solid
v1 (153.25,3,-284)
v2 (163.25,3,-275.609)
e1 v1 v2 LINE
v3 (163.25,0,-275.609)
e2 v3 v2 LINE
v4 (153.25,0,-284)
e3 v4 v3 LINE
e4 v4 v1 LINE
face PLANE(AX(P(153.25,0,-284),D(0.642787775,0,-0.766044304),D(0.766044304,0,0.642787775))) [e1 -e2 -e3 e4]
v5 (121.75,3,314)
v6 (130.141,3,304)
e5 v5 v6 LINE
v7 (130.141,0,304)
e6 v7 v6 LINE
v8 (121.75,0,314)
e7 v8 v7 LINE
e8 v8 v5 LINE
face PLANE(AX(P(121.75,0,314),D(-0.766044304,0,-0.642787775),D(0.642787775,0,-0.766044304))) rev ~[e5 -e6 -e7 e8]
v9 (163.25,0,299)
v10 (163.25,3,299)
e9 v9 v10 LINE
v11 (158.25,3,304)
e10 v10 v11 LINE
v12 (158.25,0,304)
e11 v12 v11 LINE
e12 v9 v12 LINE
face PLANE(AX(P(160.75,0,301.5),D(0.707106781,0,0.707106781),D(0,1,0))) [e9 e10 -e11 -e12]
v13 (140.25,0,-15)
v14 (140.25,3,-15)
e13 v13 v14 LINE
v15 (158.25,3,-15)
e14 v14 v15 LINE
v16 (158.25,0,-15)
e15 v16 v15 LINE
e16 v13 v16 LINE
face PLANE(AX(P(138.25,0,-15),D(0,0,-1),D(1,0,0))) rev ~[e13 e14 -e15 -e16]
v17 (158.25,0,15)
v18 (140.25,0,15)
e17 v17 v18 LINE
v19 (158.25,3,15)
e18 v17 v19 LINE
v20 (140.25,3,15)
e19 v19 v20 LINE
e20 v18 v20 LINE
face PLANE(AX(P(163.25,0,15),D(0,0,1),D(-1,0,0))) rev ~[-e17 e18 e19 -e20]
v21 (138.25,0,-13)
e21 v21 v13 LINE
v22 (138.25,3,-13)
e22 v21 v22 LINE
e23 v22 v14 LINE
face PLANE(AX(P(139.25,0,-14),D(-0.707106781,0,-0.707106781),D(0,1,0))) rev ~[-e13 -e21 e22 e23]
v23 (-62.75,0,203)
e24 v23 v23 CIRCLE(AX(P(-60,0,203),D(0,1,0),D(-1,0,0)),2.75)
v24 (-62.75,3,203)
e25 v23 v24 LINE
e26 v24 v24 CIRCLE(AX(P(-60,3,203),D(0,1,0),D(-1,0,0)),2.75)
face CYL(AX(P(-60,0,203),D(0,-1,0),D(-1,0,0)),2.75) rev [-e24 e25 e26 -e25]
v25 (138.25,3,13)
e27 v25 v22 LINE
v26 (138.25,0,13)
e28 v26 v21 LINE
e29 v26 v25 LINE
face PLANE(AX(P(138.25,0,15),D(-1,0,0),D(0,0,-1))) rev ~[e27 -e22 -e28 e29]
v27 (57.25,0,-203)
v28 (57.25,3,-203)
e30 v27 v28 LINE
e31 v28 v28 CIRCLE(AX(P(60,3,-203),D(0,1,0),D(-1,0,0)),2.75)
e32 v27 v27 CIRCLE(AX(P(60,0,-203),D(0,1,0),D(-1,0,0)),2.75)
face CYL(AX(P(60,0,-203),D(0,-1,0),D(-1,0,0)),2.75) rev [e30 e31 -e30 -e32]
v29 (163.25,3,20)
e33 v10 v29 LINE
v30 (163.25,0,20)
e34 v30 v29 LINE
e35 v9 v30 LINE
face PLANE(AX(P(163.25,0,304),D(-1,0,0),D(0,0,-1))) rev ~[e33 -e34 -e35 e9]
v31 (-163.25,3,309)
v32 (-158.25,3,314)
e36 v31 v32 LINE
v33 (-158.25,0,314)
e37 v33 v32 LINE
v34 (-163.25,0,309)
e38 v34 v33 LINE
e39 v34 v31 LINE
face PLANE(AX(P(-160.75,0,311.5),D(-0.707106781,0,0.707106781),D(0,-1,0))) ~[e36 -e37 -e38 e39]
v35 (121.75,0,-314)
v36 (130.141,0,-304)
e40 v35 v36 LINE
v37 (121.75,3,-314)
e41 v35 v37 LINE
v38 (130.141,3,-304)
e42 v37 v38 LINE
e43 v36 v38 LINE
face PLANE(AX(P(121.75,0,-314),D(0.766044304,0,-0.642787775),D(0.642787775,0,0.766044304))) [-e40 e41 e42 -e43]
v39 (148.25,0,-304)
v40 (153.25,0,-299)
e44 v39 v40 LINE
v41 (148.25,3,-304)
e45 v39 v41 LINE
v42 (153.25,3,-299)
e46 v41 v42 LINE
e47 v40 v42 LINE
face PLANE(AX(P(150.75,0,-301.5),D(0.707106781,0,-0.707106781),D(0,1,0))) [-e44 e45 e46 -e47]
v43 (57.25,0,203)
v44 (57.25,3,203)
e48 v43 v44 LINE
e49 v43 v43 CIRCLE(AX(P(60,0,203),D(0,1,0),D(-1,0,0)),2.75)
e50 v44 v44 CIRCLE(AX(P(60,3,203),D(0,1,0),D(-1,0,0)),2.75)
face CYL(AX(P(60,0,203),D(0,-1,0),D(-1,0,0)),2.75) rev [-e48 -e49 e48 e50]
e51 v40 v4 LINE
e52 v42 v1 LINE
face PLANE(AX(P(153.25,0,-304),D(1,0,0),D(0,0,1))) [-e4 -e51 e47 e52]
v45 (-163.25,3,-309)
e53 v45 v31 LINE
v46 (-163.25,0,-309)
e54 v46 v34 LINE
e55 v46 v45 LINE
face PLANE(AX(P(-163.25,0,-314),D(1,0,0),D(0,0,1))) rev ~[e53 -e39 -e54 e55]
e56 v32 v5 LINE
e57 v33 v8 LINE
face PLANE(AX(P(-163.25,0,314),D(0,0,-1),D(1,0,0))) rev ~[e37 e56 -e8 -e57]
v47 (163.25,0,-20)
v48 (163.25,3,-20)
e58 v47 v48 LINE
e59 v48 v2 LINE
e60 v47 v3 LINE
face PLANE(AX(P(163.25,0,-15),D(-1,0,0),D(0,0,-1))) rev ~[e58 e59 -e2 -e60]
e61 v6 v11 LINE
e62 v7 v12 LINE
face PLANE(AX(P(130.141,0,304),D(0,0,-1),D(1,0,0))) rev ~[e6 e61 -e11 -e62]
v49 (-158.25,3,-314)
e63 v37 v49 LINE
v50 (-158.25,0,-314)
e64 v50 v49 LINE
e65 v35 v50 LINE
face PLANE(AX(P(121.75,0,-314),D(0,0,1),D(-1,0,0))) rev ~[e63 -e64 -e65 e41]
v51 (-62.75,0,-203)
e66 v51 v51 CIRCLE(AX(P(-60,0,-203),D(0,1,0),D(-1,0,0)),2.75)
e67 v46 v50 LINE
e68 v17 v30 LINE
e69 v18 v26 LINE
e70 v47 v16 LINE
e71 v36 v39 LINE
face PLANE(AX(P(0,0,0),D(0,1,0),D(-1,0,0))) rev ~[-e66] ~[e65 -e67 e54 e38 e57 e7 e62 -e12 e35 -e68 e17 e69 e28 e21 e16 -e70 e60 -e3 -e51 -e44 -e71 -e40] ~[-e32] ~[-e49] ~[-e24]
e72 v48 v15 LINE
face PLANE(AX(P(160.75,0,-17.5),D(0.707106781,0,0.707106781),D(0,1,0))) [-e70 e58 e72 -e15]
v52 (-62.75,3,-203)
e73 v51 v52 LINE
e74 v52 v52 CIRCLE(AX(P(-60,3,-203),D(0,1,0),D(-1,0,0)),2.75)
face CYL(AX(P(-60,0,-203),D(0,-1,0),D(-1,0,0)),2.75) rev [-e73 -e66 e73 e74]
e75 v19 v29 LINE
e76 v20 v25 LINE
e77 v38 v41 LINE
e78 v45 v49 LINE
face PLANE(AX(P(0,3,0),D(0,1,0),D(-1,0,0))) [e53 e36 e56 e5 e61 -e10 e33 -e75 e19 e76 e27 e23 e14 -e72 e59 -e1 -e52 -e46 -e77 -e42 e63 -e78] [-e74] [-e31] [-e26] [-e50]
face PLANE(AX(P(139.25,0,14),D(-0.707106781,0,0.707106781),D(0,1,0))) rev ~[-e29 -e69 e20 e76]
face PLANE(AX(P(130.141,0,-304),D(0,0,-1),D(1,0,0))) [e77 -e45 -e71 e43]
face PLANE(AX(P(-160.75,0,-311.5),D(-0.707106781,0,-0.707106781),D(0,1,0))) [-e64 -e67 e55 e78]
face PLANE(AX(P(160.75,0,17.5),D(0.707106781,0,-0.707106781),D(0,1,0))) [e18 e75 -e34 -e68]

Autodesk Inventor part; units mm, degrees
ref_plane "YZ Plane" through (0, 0, 0) normal (1, 0, 0) x (0, 1, 0)
ref_plane "XZ Plane" through (0, 0, 0) normal (0, 1, 0) x (-1, 0, 0)
ref_plane "XY Plane" through (0, 0, 0) normal (0, 0, 1) x (1, 0, 0)
sketch "Skizze1" plane through (0, 0, 0) normal (0, 1, 0) x (-1, 0, 0)
  line L0 (163.25, 314) -> (-163.25, 314)
  line L1 (-163.25, 314) -> (-163.25, -314)
  line L2 (-163.25, -314) -> (163.25, -314)
  line L3 (163.25, -314) -> (163.25, 314)
  line L4 (163.25, 314) -> (-163.25, -314) construction
  line L5 (-163.25, 314) -> (163.25, -314) construction
  line L6 (-228.55, 0) -> (228.55, 0) construction
  line L7 (0, -439.6) -> (0, 439.6) construction
  circle A0 centre (60, -203) radius 2.75
  circle A1 centre (-60, -203) radius 2.75
  circle A2 centre (60, 203) radius 2.75
  circle A3 centre (-60, 203) radius 2.75
  line L8 (-121.75, -314) -> (-130.141, -304)
  line L9 (-130.141, -304) -> (-163.25, -304)
  line L10 (-121.75, 314) -> (-130.141, 304)
  line L11 (-130.141, 304) -> (-163.25, 304)
  line L12 (-163.25, -314) -> (-153.25, -314)
  line L13 (-153.25, -314) -> (-153.25, -284)
  line L14 (-153.25, -284) -> (-163.25, -284)
  line L15 (-163.25, -284) -> (-163.25, -314)
  line L16 (-153.25, -284) -> (-163.25, -275.609)
  line L17 (-163.25, 15) -> (-138.25, 15)
  line L18 (-138.25, 15) -> (-138.25, -15)
  line L19 (-138.25, -15) -> (-163.25, -15)
  line L20 (-163.25, -15) -> (-163.25, 15)
  point P0 (0, 0)
  point P1 (-163.25, 304)
  point P2 (-153.25, -304)
  point P3 (-138.25, 0)
  dimension "d0" = 628
  dimension "d1" = 326.5
  dimension "d2" = 5.5
  dimension "d3" = 60
  dimension "d4" = 111
  dimension "d10" = 41.5
  dimension "d11" = 10
  dimension "d12" = 50
  dimension "d13" = 10
  dimension "d14" = 30
  dimension "d15" = 50
  dimension "d16" = 25
  dimension "d17" = 30
extrude "Extrusion1" add sketch "Skizze1" along normal blind 3 contours L3 L2 L8 L9 L13 L16 L1 L19 L18 L17 L11 L10 L0
chamfer "Fase-5mm" distance 5 angle 45 6 edges at (-163.25, 1.5, 314) (-163.25, 1.5, -314) (153.25, 1.5, -304) (163.25, 1.5, -15) (163.25, 1.5, 15) (163.25, 1.5, 304)
chamfer "Fase-2mm" distance 2 angle 45 2 edges at (138.25, 1.5, -15) (138.25, 1.5, 15)
properties part number "enc-BackPanel Top V2"
